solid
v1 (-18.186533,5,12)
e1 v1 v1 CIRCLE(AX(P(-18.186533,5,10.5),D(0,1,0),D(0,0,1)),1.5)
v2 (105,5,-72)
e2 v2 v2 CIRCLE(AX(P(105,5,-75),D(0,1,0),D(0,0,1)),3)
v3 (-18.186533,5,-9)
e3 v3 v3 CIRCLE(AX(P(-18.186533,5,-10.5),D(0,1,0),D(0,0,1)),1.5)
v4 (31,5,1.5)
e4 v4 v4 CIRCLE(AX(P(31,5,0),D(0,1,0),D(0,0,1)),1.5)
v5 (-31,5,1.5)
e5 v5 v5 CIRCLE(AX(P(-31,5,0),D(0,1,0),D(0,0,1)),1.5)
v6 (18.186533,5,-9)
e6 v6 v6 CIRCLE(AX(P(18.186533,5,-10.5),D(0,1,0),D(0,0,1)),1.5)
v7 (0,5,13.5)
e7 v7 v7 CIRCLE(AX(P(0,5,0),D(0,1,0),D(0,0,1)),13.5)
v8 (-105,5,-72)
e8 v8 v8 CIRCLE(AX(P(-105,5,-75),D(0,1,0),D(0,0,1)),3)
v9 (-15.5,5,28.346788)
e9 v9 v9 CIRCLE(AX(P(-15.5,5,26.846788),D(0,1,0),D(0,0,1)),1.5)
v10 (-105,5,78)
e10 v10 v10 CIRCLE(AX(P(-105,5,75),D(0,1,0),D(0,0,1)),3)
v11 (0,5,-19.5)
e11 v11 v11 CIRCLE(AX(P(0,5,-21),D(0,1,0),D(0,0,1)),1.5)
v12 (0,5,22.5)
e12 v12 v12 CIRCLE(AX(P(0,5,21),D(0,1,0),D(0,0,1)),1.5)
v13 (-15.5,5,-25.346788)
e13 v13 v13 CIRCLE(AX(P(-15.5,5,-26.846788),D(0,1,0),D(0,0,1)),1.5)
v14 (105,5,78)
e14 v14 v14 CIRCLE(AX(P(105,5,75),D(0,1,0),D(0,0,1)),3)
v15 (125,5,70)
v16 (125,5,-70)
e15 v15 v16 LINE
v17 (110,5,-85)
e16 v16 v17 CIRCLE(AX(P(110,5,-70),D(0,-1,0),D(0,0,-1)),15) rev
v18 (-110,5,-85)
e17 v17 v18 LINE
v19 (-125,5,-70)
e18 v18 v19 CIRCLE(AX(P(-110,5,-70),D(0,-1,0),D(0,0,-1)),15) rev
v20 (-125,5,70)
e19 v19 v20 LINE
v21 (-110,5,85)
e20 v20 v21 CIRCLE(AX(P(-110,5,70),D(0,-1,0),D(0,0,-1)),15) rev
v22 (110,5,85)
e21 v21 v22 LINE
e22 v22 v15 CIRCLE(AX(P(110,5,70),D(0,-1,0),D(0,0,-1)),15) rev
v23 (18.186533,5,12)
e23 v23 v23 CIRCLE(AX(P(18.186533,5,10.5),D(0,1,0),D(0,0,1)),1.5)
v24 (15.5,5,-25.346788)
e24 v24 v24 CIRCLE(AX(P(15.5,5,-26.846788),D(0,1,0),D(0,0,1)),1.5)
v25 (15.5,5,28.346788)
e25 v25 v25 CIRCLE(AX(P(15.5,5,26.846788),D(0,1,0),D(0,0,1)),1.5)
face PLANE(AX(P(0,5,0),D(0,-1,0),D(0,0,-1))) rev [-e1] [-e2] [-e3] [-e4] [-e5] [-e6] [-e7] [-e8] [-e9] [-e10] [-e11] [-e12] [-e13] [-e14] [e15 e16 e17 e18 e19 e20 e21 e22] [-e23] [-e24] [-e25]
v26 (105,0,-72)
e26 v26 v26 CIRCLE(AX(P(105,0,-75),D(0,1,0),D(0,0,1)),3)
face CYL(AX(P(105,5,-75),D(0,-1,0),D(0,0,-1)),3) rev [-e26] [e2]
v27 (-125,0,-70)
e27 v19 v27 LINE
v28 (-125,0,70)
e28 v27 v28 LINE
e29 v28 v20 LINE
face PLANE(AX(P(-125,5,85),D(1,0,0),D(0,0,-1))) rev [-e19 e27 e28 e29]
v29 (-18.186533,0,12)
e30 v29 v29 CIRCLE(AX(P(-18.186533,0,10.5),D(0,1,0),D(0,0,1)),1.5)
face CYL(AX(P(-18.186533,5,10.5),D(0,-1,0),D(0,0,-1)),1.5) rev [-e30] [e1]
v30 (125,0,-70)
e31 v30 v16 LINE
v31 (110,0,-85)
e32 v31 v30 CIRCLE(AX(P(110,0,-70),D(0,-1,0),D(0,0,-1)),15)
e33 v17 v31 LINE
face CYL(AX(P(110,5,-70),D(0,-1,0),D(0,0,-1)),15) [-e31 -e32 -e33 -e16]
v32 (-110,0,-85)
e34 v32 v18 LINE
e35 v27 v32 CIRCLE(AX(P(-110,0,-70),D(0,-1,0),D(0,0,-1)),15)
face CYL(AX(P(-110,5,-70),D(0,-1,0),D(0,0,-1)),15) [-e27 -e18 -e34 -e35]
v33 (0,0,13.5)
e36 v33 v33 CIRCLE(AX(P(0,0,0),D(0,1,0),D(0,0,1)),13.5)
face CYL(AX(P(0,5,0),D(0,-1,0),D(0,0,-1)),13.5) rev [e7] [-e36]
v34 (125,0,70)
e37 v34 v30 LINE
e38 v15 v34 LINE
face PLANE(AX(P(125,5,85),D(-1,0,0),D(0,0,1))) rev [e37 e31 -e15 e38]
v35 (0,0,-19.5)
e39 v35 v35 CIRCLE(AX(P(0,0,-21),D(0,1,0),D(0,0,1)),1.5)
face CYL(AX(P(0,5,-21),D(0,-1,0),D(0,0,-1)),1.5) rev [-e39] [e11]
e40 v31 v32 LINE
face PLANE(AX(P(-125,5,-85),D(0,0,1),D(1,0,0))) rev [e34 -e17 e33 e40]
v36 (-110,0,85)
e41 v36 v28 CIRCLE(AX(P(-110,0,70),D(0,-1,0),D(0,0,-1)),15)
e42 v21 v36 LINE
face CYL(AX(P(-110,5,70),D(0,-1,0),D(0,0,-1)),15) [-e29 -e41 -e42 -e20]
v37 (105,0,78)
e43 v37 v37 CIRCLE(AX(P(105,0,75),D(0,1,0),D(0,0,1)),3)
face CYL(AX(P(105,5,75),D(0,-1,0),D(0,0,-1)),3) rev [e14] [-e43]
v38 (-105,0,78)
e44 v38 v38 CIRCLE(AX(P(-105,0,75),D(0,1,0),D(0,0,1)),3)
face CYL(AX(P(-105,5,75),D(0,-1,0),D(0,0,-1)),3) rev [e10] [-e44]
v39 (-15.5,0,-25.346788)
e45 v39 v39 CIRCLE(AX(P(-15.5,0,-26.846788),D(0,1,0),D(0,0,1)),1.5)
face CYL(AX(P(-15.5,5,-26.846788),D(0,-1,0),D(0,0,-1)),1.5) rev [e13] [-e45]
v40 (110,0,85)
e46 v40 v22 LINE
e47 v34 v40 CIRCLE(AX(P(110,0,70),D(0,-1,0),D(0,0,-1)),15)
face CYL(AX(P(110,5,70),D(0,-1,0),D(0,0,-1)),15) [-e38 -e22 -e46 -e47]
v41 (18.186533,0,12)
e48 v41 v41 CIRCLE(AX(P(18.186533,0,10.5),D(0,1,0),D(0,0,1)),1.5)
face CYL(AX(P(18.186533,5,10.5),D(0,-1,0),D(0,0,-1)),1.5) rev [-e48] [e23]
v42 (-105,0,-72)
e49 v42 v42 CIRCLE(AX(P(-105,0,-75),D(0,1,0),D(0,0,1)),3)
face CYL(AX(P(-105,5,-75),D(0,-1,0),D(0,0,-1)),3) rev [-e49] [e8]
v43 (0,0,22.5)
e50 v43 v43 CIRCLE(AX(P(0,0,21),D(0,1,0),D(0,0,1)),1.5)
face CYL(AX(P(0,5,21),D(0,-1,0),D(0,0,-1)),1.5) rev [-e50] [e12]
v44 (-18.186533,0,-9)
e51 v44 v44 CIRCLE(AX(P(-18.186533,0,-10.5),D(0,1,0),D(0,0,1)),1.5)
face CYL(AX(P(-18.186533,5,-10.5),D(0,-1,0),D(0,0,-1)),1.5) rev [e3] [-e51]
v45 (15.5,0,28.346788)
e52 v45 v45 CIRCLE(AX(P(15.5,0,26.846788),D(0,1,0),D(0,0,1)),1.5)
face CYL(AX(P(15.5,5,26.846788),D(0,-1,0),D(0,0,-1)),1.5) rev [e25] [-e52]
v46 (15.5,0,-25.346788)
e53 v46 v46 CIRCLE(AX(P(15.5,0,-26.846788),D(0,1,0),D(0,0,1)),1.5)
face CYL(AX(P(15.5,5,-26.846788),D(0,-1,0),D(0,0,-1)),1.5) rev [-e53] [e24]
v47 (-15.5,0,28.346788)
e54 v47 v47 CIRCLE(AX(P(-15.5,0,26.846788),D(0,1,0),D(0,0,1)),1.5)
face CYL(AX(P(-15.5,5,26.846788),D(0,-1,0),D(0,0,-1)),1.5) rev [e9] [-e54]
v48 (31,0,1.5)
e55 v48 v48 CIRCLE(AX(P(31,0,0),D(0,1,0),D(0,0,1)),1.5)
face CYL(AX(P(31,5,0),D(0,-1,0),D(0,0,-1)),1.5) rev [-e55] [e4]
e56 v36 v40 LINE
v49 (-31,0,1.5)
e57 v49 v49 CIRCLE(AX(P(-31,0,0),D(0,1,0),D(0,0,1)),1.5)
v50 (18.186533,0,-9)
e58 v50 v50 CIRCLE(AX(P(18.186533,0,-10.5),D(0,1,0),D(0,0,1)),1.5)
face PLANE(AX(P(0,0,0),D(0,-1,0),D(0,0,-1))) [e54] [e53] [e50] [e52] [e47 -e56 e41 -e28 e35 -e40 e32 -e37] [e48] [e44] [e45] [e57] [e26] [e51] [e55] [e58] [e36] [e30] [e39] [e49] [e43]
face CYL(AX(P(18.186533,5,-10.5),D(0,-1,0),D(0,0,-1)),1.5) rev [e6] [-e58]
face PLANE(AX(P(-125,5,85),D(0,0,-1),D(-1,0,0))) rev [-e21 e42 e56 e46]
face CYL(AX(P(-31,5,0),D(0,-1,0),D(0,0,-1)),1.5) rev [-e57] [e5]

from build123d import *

# Parameters (mm, degrees)
SKETCH_1_W          = 250
SKETCH_1_H          = 170
SKETCH_1_R          = 3
EXTRUDE_1_DEPTH     = 5
FILLET_1_R          = 15
SKETCH_2_R          = 1.5
SKETCH_2_R_2        = 13.5
CUT_EXTRUDE_1_DEPTH = 152.244834623


with BuildPart() as part:
    # 草图1 → 凸台-拉伸1 (new body)
    with BuildSketch(Plane(origin=(0, 0, 0), x_dir=(1, 0, 0), z_dir=(0, 1, 0))):
        Rectangle(SKETCH_1_W, SKETCH_1_H)
        with Locations(Location((-105, 75, 0), (0, 0, 270))):
            Circle(SKETCH_1_R, mode=Mode.SUBTRACT)
        with Locations(Location((105, 75, 0), (0, 0, 270))):
            Circle(SKETCH_1_R, mode=Mode.SUBTRACT)
        with Locations(Location((-105, -75, 0), (0, 0, 270))):
            Circle(SKETCH_1_R, mode=Mode.SUBTRACT)
        with Locations(Location((105, -75, 0), (0, 0, 270))):
            Circle(SKETCH_1_R, mode=Mode.SUBTRACT)
    extrude(amount=EXTRUDE_1_DEPTH)

    # 圆角1
    fillet_1_edges = [part.edges().sort_by_distance(p)[0] for p in [
        (125, 2.5, 85),
        (-125, 2.5, 85),
        (-125, 2.5, -85),
        (125, 2.5, -85),
    ]]
    fillet(fillet_1_edges, radius=FILLET_1_R)

    # 草图2 → 切除-拉伸1 (cut, through all)
    with BuildSketch(Plane(origin=(0, 0, 0), x_dir=(1, 0, 0), z_dir=(0, 1, 0))):
        with Locations(Location((0, 21, 0), (0, 0, 270))):
            Circle(SKETCH_2_R)
        with Locations(Location((18.186533479, 10.5, 0), (0, 0, 270))):
            Circle(SKETCH_2_R)
        with Locations(Location((18.186533479, -10.5, 0), (0, 0, 270))):
            Circle(SKETCH_2_R)
        with Locations(Location((0, -21, 0), (0, 0, 270))):
            Circle(SKETCH_2_R)
        with Locations(Location((-18.186533479, -10.5, 0), (0, 0, 270))):
            Circle(SKETCH_2_R)
        with Locations(Location((-18.186533479, 10.5, 0), (0, 0, 270))):
            Circle(SKETCH_2_R)
        with Locations(Location((31, 0, 0), (0, 0, 270))):
            Circle(SKETCH_2_R)
        with Locations(Location((15.5, -26.846787517, 0), (0, 0, 270))):
            Circle(SKETCH_2_R)
        with Locations(Location((-15.5, -26.846787517, 0), (0, 0, 270))):
            Circle(SKETCH_2_R)
        with Locations(Location((-31, 0, 0), (0, 0, 270))):
            Circle(SKETCH_2_R)
        with Locations(Location((-15.5, 26.846787517, 0), (0, 0, 270))):
            Circle(SKETCH_2_R)
        with Locations(Location((15.5, 26.846787517, 0), (0, 0, 270))):
            Circle(SKETCH_2_R)
        with Locations(Location((0, 0, 0), (0, 0, 270))):
            Circle(SKETCH_2_R_2)
    extrude(amount=CUT_EXTRUDE_1_DEPTH, mode=Mode.SUBTRACT)


solid = part.part
